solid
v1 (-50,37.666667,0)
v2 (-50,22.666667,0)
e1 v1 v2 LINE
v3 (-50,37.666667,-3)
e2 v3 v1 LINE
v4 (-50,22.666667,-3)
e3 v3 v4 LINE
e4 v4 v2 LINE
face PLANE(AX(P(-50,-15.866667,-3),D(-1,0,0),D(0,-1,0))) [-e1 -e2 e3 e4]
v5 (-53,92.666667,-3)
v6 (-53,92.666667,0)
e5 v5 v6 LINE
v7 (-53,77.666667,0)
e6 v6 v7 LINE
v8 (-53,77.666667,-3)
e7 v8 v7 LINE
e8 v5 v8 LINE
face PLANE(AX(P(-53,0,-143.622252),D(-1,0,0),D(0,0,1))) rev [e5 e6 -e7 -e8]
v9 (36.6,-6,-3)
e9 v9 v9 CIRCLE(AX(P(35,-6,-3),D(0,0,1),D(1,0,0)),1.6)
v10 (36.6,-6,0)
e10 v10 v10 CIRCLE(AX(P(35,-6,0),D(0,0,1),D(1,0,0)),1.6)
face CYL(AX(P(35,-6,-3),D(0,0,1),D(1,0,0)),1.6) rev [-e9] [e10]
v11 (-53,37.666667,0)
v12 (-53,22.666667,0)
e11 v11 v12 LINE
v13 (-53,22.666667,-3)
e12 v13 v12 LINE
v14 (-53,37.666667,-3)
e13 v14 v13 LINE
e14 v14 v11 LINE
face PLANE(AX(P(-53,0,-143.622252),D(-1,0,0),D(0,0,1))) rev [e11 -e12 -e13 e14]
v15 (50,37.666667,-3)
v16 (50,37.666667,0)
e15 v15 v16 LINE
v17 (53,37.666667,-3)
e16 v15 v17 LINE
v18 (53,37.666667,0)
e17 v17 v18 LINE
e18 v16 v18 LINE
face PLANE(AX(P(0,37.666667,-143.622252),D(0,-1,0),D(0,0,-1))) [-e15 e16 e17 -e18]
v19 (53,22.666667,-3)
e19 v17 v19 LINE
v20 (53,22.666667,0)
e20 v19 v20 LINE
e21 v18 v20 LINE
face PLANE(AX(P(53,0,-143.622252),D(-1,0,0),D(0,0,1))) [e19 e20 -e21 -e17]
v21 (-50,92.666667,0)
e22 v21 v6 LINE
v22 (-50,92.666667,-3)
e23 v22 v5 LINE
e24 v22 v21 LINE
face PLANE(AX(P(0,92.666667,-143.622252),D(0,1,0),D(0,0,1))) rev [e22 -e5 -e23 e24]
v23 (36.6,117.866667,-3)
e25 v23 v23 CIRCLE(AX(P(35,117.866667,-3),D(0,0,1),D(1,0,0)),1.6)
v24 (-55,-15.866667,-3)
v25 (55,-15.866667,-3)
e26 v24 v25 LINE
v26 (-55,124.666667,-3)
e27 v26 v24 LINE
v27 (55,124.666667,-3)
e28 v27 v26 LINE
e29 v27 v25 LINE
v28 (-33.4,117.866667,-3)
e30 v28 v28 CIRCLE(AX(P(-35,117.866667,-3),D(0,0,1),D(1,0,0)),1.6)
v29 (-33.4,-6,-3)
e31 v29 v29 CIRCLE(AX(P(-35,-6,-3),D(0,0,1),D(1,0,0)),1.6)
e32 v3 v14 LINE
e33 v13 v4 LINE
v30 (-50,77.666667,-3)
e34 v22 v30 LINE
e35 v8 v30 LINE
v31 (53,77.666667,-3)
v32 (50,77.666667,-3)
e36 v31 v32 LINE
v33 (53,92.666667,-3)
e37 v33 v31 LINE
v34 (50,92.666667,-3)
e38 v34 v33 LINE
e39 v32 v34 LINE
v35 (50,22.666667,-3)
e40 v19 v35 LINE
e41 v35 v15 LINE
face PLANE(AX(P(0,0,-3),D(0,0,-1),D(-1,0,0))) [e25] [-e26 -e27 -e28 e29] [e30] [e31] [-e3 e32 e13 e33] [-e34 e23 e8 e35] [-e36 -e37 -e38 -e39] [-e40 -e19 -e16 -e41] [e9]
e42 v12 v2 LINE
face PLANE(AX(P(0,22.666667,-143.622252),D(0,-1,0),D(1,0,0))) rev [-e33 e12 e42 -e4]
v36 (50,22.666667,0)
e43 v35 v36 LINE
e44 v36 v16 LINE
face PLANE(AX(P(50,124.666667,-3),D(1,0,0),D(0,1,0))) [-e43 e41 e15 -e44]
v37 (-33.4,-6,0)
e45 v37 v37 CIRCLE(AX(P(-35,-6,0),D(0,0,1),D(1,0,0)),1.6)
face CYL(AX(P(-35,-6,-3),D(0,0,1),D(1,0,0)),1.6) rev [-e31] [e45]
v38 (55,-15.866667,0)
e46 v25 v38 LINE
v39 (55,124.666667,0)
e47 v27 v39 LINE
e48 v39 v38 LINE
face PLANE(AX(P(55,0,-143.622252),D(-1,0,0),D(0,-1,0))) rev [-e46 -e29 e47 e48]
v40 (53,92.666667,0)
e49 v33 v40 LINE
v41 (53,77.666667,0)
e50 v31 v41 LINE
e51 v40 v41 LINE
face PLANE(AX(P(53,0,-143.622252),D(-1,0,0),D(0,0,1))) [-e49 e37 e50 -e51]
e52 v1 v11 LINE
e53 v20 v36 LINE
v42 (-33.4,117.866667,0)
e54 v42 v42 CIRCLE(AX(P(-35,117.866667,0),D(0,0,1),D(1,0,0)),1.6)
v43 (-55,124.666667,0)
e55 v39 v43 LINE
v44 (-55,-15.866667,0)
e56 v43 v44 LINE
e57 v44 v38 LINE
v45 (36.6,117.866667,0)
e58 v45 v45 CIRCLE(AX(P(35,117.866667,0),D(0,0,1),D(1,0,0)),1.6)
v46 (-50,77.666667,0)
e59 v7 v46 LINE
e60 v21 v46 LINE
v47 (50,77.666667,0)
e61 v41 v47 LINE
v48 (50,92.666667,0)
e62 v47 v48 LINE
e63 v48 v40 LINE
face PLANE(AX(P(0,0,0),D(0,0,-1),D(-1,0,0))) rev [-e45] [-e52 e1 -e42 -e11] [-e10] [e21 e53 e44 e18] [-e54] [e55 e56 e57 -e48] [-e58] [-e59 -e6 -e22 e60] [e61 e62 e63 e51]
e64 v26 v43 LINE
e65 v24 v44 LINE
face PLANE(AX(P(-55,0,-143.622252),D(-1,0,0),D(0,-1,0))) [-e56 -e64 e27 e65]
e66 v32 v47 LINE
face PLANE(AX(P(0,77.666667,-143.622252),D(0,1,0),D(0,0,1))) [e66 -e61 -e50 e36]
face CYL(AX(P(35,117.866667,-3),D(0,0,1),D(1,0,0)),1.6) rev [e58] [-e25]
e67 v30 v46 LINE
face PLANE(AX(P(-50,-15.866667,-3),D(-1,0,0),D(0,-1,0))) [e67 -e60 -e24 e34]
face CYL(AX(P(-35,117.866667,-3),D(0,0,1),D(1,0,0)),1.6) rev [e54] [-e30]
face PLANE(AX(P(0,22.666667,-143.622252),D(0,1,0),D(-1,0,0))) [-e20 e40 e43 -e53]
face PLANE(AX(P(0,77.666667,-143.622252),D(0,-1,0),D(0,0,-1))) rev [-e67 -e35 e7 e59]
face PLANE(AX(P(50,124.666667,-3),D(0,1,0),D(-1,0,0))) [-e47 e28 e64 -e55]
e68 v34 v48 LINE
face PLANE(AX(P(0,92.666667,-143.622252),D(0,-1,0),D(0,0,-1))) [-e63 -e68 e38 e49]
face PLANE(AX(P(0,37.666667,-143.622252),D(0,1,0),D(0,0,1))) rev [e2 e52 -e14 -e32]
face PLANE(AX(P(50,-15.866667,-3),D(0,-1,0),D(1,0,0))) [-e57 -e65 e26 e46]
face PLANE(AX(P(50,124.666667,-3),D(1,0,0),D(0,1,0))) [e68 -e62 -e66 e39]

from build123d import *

# Parameters (mm, degrees)
SKETCH_1_W      = 100
SKETCH_1_H      = 140.533333334
SKETCH_1_R      = 1.6
EXTRUDE_1_DEPTH = 3
EXTRUDE_2_DEPTH = 3


with BuildPart() as part:
    # 草图1 → 凸台-拉伸1 (new body)
    with BuildSketch(Plane.XY):
        with Locations((0, 54.4)):
            Rectangle(SKETCH_1_W, SKETCH_1_H)
        with Locations((-35, -6)):
            Circle(SKETCH_1_R, mode=Mode.SUBTRACT)
        with Locations((35, -6)):
            Circle(SKETCH_1_R, mode=Mode.SUBTRACT)
        with Locations((-35, 117.866666667)):
            Circle(SKETCH_1_R, mode=Mode.SUBTRACT)
        with Locations((35, 117.866666667)):
            Circle(SKETCH_1_R, mode=Mode.SUBTRACT)
    extrude(amount=-EXTRUDE_1_DEPTH)

    # 草图2 → 凸台-拉伸2 (add)
    with BuildSketch(Plane.XY):
        Polygon((-50, 92.666666667), (-50, 124.666666667), (-55, 124.666666667), (-55, -15.866666667), (-50, -15.866666667), (-50, 22.666666667), (-53, 22.666666667), (-53, 37.666666667), (-50, 37.666666667), (-50, 77.666666667), (-53, 77.666666667), (-53, 92.666666667), align=None)
    extrude_2 = extrude(amount=-EXTRUDE_2_DEPTH)

    # 镜向1: 凸台-拉伸2 across plane
    add(extrude_2.mirror(Plane(origin=(0, 0, 0), x_dir=(0, 0, 1), z_dir=(1, 0, 0))))


solid = part.part
